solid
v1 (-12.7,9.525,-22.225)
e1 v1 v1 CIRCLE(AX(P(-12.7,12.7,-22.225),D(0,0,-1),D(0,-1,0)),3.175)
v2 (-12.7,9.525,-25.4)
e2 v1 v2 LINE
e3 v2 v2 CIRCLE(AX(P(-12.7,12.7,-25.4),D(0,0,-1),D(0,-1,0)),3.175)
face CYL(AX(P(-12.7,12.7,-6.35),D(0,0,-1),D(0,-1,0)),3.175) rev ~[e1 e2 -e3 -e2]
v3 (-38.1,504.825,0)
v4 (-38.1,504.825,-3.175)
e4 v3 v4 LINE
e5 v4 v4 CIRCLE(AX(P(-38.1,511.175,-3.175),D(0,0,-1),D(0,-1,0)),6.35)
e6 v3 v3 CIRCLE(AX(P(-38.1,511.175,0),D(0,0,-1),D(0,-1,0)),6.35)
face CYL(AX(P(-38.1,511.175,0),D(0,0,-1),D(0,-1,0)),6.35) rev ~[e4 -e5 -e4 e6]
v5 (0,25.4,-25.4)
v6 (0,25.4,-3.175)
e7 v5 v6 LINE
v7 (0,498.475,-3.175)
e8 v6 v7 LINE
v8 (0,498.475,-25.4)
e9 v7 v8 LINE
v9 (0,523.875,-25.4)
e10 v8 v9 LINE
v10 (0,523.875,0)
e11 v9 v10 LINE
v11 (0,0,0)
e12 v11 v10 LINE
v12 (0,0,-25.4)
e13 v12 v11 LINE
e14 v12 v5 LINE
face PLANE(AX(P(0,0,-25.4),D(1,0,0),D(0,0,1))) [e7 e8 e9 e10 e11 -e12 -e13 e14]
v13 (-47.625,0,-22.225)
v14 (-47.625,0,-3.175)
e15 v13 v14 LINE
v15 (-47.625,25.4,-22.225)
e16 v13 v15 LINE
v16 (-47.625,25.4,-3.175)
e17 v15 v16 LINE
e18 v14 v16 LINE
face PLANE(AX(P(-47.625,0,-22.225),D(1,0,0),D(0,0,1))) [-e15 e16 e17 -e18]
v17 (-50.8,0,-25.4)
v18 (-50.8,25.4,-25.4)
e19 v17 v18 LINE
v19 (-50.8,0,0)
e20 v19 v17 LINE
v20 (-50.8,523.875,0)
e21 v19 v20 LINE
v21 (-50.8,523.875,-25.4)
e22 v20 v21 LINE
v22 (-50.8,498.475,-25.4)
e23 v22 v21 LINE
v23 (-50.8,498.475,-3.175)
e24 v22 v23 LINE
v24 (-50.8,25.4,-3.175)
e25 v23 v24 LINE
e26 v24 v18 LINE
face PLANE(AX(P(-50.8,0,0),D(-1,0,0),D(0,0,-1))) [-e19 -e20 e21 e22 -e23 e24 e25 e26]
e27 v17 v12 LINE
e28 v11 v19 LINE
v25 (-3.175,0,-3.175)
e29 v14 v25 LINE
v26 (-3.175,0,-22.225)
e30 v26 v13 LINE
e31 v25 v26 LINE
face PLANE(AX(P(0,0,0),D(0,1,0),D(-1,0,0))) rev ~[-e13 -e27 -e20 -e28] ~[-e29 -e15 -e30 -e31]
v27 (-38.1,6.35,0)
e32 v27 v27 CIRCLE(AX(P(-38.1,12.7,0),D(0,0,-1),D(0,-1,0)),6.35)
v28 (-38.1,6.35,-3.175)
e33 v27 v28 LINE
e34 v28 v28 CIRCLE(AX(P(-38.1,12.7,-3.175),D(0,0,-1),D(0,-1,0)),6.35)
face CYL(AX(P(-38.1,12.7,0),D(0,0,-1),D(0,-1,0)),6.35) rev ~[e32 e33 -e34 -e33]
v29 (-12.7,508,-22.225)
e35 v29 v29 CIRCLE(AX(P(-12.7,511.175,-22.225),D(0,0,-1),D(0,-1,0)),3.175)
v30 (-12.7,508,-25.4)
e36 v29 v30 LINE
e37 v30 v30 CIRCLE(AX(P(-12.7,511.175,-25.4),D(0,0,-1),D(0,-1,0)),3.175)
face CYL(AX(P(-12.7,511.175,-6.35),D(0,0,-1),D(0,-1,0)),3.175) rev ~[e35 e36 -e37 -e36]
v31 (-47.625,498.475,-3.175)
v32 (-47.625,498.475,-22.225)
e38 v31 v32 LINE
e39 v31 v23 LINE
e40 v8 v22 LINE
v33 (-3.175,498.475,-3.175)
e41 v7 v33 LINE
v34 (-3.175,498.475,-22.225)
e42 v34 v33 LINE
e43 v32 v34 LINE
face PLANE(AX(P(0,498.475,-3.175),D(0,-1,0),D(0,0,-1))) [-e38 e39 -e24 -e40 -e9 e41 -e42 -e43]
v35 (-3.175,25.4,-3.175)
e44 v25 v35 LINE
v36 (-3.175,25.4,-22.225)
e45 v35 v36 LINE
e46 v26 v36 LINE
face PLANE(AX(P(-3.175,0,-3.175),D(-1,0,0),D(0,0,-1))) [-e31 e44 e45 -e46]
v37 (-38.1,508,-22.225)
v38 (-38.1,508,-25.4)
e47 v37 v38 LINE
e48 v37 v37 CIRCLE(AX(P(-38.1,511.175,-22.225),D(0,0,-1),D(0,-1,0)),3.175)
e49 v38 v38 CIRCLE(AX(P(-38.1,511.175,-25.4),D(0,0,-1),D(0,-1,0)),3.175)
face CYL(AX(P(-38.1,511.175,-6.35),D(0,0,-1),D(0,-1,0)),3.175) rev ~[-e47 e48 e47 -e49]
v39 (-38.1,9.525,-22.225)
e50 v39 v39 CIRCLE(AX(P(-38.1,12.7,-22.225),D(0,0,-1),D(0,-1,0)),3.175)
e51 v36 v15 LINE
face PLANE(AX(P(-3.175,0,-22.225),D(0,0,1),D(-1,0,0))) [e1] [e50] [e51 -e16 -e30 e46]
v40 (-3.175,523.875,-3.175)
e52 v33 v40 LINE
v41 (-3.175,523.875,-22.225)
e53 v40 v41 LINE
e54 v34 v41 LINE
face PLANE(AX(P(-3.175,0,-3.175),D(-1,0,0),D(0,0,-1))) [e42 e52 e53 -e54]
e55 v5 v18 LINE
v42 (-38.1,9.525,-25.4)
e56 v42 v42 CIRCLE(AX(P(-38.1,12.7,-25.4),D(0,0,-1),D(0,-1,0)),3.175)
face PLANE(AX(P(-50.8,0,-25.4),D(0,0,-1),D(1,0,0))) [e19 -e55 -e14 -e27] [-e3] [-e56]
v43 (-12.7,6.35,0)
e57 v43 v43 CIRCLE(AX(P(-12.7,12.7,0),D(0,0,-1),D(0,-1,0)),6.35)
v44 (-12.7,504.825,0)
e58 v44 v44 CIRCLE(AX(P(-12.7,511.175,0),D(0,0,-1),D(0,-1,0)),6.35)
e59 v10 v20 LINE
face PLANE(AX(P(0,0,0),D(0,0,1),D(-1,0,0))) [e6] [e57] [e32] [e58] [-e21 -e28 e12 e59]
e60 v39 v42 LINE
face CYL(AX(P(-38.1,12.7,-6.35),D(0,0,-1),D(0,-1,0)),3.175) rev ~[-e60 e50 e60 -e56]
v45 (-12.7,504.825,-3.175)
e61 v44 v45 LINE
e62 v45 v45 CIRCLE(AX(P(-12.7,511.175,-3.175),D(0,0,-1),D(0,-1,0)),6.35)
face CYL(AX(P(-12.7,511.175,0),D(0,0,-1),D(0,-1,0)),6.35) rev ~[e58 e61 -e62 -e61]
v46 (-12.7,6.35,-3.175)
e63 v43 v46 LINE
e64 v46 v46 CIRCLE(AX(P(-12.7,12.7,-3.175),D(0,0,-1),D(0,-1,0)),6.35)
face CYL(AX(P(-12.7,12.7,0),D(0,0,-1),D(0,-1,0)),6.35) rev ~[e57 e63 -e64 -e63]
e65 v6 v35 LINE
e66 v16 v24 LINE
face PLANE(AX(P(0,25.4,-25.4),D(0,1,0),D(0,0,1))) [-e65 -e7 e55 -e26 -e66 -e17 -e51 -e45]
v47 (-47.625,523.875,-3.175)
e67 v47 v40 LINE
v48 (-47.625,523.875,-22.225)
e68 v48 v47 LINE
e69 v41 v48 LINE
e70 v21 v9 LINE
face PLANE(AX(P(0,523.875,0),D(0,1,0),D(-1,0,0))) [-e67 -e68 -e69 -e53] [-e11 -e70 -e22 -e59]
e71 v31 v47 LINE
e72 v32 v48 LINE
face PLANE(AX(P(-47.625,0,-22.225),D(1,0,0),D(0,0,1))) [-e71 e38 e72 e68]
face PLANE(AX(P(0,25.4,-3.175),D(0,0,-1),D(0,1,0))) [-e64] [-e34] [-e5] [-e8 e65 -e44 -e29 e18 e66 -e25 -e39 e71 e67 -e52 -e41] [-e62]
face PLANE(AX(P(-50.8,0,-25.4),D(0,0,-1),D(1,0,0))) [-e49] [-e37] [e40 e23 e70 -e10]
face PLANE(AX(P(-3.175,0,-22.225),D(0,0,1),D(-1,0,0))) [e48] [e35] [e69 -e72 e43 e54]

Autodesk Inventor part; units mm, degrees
ref_plane "YZ Plane" through (0, 0, 0) normal (1, 0, 0) x (0, 1, 0)
ref_plane "XZ Plane" through (0, 0, 0) normal (0, 1, 0) x (-1, 0, 0)
ref_plane "XY Plane" through (0, 0, 0) normal (0, 0, 1) x (1, 0, 0)
sketch "Sketch1" plane through (0, 0, 0) normal (0, 1, 0) x (-1, 0, 0)
  line L0 (0, 0) -> (50.8, 0)
  line L1 (50.8, 0) -> (50.8, -25.4)
  line L2 (50.8, -25.4) -> (0, -25.4)
  line L3 (0, -25.4) -> (0, 0)
  line L4 (47.625, -3.175) -> (3.175, -3.175)
  line L5 (3.175, -3.175) -> (3.175, -22.225)
  line L6 (3.175, -22.225) -> (47.625, -22.225)
  line L7 (47.625, -22.225) -> (47.625, -3.175)
  dimension "d0" = 50.8
  dimension "d1" = 25.4
  dimension "d2" = 3.175
extrude "Extrusion1" add sketch "Sketch1" along normal blind 523.875
sketch "Sketch2" plane through (0, 0, 0) normal (1, 0, 0) x (0, 0, -1)
  line L0 (25.4, 0) -> (0, 0) projected
  line L1 (25.4, 0) -> (25.4, 523.875) projected
  line L2 (0, 523.875) -> (25.4, 523.875) projected
  line L3 (0, 0) -> (0, 523.875) projected
  line L4 (3.175, 0) -> (3.175, 523.875) projected
  line L5 (25.4, 0) -> (25.4, 523.875) projected
  line L6 (3.175, 498.475) -> (25.4, 498.475)
  line L7 (25.4, 498.475) -> (25.4, 25.4)
  line L8 (25.4, 25.4) -> (3.175, 25.4)
  line L9 (3.175, 25.4) -> (3.175, 498.475)
  dimension "d5" = 25.4
  dimension "d6" = 25.4
extrude "Extrusion2" cut sketch "Sketch2" against normal blind 663.575 contours L8 L4 L6 L1
sketch "Sketch3" plane through (-50.8, 0, 0) normal (0, 0, 1) x (1, 0, 0)
  line L0 (50.8, 0) -> (0, 0) projected
  line L1 (50.8, 0) -> (50.8, 523.875) projected
  line L2 (0, 523.875) -> (50.8, 523.875) projected
  line L3 (0, 0) -> (0, 523.875) projected
  line L4 (47.625, 25.4) -> (3.175, 25.4) projected
  line L5 (3.175, 0) -> (3.175, 25.4) projected
  line L6 (47.625, 0) -> (3.175, 0) projected
  line L7 (47.625, 0) -> (47.625, 25.4) projected
  line L8 (3.175, 498.475) -> (47.625, 498.475) projected
  line L9 (47.625, 498.475) -> (47.625, 523.875) projected
  line L10 (3.175, 523.875) -> (47.625, 523.875) projected
  line L11 (3.175, 498.475) -> (3.175, 523.875) projected
  point P0 (12.7, 12.7)
  point P1 (38.1, 12.7)
  point P2 (12.7, 511.175)
  point P3 (38.1, 511.175)
  dimension "d9" = 12.7
  dimension "d10" = 12.7
  dimension "d11" = 12.7
  dimension "d12" = 12.7
  dimension "d13" = 12.7
  dimension "d14" = 12.7
  dimension "d15" = 12.7
  dimension "d16" = 12.7
hole "Hole1" at (-38.1, 12.7, 0) at (-12.7, 12.7, 0) at (-38.1, 511.175, 0) at (-12.7, 511.175, 0) direction (0, 0, -1) diameter 6.35 end through all counterbore diameter 12.7 counterbore depth 6.35
properties part number "OverheadSupportBar.ver1-1111-2020"
